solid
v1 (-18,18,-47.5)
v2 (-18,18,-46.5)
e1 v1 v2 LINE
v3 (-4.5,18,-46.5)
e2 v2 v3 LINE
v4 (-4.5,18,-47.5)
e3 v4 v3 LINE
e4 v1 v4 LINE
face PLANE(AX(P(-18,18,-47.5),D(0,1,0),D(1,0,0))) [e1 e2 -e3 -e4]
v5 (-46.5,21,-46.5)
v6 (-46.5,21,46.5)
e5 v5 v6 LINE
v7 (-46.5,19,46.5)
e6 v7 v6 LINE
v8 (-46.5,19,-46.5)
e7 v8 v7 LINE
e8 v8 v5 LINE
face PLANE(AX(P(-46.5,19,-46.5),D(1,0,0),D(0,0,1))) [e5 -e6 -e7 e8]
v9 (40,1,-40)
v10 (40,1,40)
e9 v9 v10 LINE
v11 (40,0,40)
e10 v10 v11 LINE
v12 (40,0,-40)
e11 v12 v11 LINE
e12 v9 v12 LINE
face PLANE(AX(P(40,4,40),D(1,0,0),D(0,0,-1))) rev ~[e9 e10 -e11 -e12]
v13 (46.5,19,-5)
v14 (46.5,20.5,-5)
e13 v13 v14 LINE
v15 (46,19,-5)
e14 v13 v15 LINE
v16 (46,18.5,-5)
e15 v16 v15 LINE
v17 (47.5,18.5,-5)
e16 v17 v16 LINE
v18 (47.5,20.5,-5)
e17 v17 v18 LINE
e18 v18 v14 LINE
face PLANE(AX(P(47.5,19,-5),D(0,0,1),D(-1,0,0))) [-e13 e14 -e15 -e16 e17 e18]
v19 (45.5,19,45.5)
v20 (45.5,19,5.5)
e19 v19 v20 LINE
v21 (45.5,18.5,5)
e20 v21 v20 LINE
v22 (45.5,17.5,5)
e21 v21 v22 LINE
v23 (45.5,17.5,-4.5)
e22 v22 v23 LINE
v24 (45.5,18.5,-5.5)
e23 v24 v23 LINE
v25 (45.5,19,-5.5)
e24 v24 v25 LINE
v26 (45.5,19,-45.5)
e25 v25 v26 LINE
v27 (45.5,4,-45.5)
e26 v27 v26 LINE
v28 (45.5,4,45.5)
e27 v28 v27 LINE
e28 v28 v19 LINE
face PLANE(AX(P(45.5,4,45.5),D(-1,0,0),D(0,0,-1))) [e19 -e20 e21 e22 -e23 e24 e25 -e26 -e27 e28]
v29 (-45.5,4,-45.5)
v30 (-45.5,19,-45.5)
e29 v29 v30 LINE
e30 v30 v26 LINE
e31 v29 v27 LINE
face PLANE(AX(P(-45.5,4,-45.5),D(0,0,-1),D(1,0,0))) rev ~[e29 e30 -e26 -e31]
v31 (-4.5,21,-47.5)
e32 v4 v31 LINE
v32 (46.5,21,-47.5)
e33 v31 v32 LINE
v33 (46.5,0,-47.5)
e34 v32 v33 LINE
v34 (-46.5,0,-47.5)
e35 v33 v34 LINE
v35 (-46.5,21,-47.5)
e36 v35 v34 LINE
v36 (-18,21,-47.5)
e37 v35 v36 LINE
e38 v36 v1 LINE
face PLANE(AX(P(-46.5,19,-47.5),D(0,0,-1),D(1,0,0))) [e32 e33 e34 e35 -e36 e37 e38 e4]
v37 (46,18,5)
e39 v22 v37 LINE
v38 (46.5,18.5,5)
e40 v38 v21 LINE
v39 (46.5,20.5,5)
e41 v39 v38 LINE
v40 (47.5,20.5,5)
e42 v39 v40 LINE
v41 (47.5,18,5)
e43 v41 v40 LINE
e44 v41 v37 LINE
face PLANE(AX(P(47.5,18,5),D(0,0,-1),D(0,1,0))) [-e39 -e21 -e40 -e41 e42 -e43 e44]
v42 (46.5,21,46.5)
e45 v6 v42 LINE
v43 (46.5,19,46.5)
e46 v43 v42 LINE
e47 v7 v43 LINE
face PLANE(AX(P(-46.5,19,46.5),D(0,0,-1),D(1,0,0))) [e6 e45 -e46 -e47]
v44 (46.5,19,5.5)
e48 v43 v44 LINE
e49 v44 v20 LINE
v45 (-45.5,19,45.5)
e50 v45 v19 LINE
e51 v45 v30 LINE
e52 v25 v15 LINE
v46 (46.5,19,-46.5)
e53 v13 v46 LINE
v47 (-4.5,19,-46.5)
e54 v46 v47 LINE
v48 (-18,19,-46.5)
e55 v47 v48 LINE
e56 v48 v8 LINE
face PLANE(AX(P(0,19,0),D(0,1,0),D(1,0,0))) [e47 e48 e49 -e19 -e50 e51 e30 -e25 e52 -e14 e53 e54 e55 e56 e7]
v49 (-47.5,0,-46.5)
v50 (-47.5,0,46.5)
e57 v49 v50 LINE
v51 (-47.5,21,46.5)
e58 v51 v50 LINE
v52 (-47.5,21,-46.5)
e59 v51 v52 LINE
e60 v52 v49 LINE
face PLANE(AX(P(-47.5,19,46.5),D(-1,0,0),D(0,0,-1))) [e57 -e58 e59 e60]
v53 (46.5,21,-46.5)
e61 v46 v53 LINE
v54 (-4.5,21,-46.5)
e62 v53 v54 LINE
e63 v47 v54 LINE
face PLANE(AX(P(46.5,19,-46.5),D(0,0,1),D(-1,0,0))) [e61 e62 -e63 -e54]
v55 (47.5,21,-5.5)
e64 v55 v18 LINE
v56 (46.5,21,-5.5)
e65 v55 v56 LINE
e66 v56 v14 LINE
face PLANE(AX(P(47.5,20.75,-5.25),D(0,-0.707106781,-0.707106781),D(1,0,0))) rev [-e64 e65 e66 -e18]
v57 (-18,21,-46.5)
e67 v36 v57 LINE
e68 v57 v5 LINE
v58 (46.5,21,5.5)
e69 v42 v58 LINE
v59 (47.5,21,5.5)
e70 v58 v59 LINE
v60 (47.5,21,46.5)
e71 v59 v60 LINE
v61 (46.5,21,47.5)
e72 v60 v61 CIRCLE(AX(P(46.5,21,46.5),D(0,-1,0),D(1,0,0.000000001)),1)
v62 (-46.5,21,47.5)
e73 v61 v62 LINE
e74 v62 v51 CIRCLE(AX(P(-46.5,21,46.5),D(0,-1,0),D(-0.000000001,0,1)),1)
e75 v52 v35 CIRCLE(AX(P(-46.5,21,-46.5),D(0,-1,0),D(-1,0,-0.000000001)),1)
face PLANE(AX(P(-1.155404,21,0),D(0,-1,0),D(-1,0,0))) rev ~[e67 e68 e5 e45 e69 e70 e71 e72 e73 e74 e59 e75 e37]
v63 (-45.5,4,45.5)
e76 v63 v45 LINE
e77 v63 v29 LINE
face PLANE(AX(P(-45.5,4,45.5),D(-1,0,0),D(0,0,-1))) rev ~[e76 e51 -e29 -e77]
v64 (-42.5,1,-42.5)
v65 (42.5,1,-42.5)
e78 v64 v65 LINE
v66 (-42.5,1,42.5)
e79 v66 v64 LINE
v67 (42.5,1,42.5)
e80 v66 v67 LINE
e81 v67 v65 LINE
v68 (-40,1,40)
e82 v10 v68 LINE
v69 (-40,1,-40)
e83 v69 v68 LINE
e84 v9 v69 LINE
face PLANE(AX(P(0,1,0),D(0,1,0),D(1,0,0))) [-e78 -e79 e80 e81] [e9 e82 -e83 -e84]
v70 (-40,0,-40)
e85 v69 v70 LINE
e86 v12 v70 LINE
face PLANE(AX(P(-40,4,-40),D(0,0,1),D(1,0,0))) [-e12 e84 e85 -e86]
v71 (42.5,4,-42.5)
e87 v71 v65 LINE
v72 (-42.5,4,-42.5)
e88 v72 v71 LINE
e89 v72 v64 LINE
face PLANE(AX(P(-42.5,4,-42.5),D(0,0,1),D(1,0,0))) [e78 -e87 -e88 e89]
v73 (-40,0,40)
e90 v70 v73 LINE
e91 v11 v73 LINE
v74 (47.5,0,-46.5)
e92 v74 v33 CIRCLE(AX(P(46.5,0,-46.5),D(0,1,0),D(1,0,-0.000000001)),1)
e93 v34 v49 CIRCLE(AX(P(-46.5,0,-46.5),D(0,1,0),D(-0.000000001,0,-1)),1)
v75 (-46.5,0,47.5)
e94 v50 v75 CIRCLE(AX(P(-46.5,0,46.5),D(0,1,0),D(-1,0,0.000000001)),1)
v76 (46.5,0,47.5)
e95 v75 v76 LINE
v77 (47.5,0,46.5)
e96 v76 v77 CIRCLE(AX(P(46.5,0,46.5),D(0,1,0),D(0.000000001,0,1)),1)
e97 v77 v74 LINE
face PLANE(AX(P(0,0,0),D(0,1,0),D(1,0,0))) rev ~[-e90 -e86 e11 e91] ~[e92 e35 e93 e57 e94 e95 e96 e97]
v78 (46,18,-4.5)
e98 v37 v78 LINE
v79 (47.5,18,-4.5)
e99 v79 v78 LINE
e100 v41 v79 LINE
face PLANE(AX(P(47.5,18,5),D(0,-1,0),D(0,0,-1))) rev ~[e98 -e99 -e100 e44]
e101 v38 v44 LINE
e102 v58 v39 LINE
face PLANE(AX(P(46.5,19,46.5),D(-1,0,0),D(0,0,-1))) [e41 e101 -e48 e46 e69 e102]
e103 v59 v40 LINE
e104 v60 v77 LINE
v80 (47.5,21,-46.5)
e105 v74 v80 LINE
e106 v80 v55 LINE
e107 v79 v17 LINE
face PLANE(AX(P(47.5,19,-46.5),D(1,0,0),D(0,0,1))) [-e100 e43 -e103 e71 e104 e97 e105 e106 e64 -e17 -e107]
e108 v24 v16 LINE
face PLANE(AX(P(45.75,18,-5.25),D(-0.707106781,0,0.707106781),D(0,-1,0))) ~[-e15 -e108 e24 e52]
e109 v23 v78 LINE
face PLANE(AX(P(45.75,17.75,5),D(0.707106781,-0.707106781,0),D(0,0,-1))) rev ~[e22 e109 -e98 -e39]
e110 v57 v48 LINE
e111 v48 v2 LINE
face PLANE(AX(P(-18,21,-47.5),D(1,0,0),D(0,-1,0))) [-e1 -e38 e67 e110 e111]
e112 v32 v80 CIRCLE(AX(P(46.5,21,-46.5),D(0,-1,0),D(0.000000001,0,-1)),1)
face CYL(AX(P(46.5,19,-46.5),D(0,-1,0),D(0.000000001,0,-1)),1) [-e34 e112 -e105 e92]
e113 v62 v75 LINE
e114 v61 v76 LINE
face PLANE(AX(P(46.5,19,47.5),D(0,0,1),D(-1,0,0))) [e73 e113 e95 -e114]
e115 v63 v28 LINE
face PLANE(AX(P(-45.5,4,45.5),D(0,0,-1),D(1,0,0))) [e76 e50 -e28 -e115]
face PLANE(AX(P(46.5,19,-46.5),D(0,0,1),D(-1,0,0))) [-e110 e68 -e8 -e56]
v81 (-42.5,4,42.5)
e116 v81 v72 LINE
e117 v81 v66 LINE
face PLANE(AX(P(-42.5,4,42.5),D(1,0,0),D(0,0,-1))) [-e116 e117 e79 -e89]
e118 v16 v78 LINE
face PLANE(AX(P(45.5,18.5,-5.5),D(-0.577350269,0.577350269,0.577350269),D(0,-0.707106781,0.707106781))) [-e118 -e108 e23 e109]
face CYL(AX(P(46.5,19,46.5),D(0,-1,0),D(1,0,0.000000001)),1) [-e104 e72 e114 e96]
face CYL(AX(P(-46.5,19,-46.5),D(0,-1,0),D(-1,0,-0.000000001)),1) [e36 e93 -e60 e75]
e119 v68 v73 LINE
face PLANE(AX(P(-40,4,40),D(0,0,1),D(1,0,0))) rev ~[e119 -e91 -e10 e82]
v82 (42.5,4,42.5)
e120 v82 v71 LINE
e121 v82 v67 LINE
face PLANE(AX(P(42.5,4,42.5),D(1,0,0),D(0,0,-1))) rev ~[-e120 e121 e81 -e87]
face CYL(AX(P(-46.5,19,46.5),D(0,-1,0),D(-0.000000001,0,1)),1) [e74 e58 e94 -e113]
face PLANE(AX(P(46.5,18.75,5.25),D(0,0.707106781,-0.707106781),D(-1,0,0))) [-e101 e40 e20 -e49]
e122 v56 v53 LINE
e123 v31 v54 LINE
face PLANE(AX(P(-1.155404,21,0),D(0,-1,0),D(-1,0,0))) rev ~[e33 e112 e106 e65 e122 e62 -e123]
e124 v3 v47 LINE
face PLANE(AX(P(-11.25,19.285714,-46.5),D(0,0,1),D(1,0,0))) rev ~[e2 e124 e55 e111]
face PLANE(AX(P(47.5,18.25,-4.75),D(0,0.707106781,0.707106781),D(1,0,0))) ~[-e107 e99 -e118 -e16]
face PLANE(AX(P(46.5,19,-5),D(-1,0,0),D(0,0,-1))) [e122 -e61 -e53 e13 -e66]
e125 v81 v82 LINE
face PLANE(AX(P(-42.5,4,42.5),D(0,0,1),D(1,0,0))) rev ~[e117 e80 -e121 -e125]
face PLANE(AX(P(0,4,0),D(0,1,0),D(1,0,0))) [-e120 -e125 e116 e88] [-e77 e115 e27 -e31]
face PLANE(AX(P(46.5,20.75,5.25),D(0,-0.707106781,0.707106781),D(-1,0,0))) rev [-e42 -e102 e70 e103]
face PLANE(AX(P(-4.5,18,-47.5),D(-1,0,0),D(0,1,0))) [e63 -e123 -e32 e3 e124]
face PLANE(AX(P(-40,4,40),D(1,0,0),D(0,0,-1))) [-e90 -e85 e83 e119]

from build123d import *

# Parameters (mm, degrees)
BOSS_EXTRUDE1_DEPTH = 4
SKETCH4_W           = 91
SKETCH4_H           = 91
BOSS_EXTRUDE2_DEPTH = 15
CUT_EXTRUDE3_REACH  = 70.829
SKETCH2_W           = 80
SKETCH2_H           = 80
CUT_EXTRUDE6_REACH  = 109.899
SKETCH7_W           = 10
SKETCH7_H           = 1
SKETCH8_W           = 85
SKETCH8_H           = 85
CUT_EXTRUDE7_DEPTH  = 3
BOSS_EXTRUDE3_DEPTH = 2
CHAMFER1_SIZE       = 0.5
CUT_EXTRUDE8_REACH  = 110.269
SKETCH11_W          = 9.5
SKETCH11_H          = 1
CUT_EXTRUDE10_DEPTH = 1


with BuildPart() as part:
    # Sketch1 → Boss-Extrude1 (new body)
    with BuildSketch(Plane(origin=(0, 0, 0), x_dir=(1, 0, 0), z_dir=(0, 1, 0))):
        with BuildLine():
            Line((-46.5, -47.5), (46.5, -47.5))
            ThreePointArc((46.5, -47.5), (47.207106781, -47.207106781), (47.5, -46.5))
            Line((47.5, -46.5), (47.5, 46.5))
            ThreePointArc((47.5, 46.5), (47.207106781, 47.207106781), (46.5, 47.5))
            Line((46.5, 47.5), (-46.5, 47.5))
            ThreePointArc((-46.5, 47.5), (-47.207106781, 47.207106781), (-47.5, 46.5))
            Line((-47.5, 46.5), (-47.5, -46.5))
            ThreePointArc((-47.5, -46.5), (-47.207106781, -47.207106781), (-46.5, -47.5))
        make_face()
    extrude(amount=BOSS_EXTRUDE1_DEPTH)

    # Sketch4 → Boss-Extrude2 (add)
    with BuildSketch(Plane(origin=(0, 4, 0), x_dir=(1, 0, 0), z_dir=(0, 1, 0))):
        with BuildLine():
            Line((47.5, -46.5), (47.5, 46.5))
            ThreePointArc((47.5, 46.5), (47.207106781, 47.207106781), (46.5, 47.5))
            Line((46.5, 47.5), (-46.5, 47.5))
            ThreePointArc((-46.5, 47.5), (-47.207106781, 47.207106781), (-47.5, 46.5))
            Line((-47.5, 46.5), (-47.5, -46.5))
            ThreePointArc((-47.5, -46.5), (-47.207106781, -47.207106781), (-46.5, -47.5))
            Line((-46.5, -47.5), (46.5, -47.5))
            ThreePointArc((46.5, -47.5), (47.207106781, -47.207106781), (47.5, -46.5))
        make_face()
        Rectangle(SKETCH4_W, SKETCH4_H, mode=Mode.SUBTRACT)
    extrude(amount=BOSS_EXTRUDE2_DEPTH)

    # Sketch2 → Cut-Extrude3 (cut, up to next)
    with BuildSketch(Plane(origin=(0, 4, 0), x_dir=(1, 0, 0), z_dir=(0, 1, 0)), mode=Mode.PRIVATE) as cut_extrude3_sk1:
        Rectangle(SKETCH2_W, SKETCH2_H)
    cut_extrude3_tool1 = extrude(cut_extrude3_sk1.sketch, amount=-CUT_EXTRUDE3_REACH, mode=Mode.PRIVATE) & part.part
    add(cut_extrude3_tool1.solids().sort_by_distance((0, 4, 0))[0], mode=Mode.SUBTRACT)

    # Sketch7 → Cut-Extrude6 (cut, up to next)
    with BuildSketch(Plane(origin=(47.5, 0, 0), x_dir=(0, 0, -1), z_dir=(1, 0, 0)), mode=Mode.PRIVATE) as cut_extrude6_sk1:
        with Locations((0, 18.5)):
            Rectangle(SKETCH7_W, SKETCH7_H)
    cut_extrude6_tool1 = extrude(cut_extrude6_sk1.sketch, amount=-CUT_EXTRUDE6_REACH, mode=Mode.PRIVATE) & part.part
    add(cut_extrude6_tool1.solids().sort_by_distance((47.5, 18.5, 0))[0], mode=Mode.SUBTRACT)

    # Sketch8 → Cut-Extrude7 (cut)
    with BuildSketch(Plane(origin=(0, 4, 0), x_dir=(1, 0, 0), z_dir=(0, 1, 0))):
        Rectangle(SKETCH8_W, SKETCH8_H)
    extrude(amount=-CUT_EXTRUDE7_DEPTH, mode=Mode.SUBTRACT)

    # Sketch10 → Boss-Extrude3 (add)
    with BuildSketch(Plane(origin=(0, 19, 0), x_dir=(1, 0, 0), z_dir=(0, 1, 0))):
        with BuildLine():
            Line((46.5, 5), (46.5, 46.5))
            Line((46.5, 46.5), (-46.5, 46.5))
            Line((-46.5, 46.5), (-46.5, -46.5))
            Line((-46.5, -46.5), (46.5, -46.5))
            Line((46.5, -46.5), (46.5, -5))
            Line((46.5, -5), (47.5, -5))
            Line((47.5, -5), (47.5, -46.5))
            ThreePointArc((47.5, -46.5), (47.207106781, -47.207106781), (46.5, -47.5))
            Line((46.5, -47.5), (-46.5, -47.5))
            ThreePointArc((-46.5, -47.5), (-47.207106781, -47.207106781), (-47.5, -46.5))
            Line((-47.5, -46.5), (-47.5, 46.5))
            ThreePointArc((-47.5, 46.5), (-47.207106781, 47.207106781), (-46.5, 47.5))
            Line((-46.5, 47.5), (46.5, 47.5))
            ThreePointArc((46.5, 47.5), (47.207106781, 47.207106781), (47.5, 46.5))
            Line((47.5, 46.5), (47.5, 5))
            Line((47.5, 5), (46.5, 5))
        make_face()
    extrude(amount=BOSS_EXTRUDE3_DEPTH)

    # Chamfer1
    chamfer1_edges = [part.edges().sort_by_distance(p)[0] for p in [
        (47, 21, 5),
        (47, 21, -5),
        (45.5, 18.5, -5),
        (45.5, 18, 0),
        (46.5, 18, -5),
        (46, 19, 5),
    ]]
    chamfer(chamfer1_edges, length=CHAMFER1_SIZE)

    # Sketch11 → Cut-Extrude8 (cut, up to next)
    with BuildSketch(Plane(origin=(0, 0, -47.5), x_dir=(-1, 0, 0), z_dir=(0, 0, -1)), mode=Mode.PRIVATE) as cut_extrude8_sk1:
        with Locations((11.25, 20.5)):
            Rectangle(SKETCH11_W, SKETCH11_H)
    cut_extrude8_tool1 = extrude(cut_extrude8_sk1.sketch, amount=-CUT_EXTRUDE8_REACH, mode=Mode.PRIVATE) & part.part
    add(cut_extrude8_tool1.solids().sort_by_distance((-11.25, 20.5, -47.5))[0], mode=Mode.SUBTRACT)

    # Sketch12 → Cut-Extrude10 (cut)
    with BuildSketch(Plane(origin=(0, 0, -47.5), x_dir=(-1, 0, 0), z_dir=(0, 0, -1))):
        Polygon((16, 20), (16, 21), (18, 21), (18, 18), (4.5, 18), (4.5, 21), (6.5, 21), (6.5, 20), align=None)
    extrude(amount=-CUT_EXTRUDE10_DEPTH, mode=Mode.SUBTRACT)


solid = part.part
